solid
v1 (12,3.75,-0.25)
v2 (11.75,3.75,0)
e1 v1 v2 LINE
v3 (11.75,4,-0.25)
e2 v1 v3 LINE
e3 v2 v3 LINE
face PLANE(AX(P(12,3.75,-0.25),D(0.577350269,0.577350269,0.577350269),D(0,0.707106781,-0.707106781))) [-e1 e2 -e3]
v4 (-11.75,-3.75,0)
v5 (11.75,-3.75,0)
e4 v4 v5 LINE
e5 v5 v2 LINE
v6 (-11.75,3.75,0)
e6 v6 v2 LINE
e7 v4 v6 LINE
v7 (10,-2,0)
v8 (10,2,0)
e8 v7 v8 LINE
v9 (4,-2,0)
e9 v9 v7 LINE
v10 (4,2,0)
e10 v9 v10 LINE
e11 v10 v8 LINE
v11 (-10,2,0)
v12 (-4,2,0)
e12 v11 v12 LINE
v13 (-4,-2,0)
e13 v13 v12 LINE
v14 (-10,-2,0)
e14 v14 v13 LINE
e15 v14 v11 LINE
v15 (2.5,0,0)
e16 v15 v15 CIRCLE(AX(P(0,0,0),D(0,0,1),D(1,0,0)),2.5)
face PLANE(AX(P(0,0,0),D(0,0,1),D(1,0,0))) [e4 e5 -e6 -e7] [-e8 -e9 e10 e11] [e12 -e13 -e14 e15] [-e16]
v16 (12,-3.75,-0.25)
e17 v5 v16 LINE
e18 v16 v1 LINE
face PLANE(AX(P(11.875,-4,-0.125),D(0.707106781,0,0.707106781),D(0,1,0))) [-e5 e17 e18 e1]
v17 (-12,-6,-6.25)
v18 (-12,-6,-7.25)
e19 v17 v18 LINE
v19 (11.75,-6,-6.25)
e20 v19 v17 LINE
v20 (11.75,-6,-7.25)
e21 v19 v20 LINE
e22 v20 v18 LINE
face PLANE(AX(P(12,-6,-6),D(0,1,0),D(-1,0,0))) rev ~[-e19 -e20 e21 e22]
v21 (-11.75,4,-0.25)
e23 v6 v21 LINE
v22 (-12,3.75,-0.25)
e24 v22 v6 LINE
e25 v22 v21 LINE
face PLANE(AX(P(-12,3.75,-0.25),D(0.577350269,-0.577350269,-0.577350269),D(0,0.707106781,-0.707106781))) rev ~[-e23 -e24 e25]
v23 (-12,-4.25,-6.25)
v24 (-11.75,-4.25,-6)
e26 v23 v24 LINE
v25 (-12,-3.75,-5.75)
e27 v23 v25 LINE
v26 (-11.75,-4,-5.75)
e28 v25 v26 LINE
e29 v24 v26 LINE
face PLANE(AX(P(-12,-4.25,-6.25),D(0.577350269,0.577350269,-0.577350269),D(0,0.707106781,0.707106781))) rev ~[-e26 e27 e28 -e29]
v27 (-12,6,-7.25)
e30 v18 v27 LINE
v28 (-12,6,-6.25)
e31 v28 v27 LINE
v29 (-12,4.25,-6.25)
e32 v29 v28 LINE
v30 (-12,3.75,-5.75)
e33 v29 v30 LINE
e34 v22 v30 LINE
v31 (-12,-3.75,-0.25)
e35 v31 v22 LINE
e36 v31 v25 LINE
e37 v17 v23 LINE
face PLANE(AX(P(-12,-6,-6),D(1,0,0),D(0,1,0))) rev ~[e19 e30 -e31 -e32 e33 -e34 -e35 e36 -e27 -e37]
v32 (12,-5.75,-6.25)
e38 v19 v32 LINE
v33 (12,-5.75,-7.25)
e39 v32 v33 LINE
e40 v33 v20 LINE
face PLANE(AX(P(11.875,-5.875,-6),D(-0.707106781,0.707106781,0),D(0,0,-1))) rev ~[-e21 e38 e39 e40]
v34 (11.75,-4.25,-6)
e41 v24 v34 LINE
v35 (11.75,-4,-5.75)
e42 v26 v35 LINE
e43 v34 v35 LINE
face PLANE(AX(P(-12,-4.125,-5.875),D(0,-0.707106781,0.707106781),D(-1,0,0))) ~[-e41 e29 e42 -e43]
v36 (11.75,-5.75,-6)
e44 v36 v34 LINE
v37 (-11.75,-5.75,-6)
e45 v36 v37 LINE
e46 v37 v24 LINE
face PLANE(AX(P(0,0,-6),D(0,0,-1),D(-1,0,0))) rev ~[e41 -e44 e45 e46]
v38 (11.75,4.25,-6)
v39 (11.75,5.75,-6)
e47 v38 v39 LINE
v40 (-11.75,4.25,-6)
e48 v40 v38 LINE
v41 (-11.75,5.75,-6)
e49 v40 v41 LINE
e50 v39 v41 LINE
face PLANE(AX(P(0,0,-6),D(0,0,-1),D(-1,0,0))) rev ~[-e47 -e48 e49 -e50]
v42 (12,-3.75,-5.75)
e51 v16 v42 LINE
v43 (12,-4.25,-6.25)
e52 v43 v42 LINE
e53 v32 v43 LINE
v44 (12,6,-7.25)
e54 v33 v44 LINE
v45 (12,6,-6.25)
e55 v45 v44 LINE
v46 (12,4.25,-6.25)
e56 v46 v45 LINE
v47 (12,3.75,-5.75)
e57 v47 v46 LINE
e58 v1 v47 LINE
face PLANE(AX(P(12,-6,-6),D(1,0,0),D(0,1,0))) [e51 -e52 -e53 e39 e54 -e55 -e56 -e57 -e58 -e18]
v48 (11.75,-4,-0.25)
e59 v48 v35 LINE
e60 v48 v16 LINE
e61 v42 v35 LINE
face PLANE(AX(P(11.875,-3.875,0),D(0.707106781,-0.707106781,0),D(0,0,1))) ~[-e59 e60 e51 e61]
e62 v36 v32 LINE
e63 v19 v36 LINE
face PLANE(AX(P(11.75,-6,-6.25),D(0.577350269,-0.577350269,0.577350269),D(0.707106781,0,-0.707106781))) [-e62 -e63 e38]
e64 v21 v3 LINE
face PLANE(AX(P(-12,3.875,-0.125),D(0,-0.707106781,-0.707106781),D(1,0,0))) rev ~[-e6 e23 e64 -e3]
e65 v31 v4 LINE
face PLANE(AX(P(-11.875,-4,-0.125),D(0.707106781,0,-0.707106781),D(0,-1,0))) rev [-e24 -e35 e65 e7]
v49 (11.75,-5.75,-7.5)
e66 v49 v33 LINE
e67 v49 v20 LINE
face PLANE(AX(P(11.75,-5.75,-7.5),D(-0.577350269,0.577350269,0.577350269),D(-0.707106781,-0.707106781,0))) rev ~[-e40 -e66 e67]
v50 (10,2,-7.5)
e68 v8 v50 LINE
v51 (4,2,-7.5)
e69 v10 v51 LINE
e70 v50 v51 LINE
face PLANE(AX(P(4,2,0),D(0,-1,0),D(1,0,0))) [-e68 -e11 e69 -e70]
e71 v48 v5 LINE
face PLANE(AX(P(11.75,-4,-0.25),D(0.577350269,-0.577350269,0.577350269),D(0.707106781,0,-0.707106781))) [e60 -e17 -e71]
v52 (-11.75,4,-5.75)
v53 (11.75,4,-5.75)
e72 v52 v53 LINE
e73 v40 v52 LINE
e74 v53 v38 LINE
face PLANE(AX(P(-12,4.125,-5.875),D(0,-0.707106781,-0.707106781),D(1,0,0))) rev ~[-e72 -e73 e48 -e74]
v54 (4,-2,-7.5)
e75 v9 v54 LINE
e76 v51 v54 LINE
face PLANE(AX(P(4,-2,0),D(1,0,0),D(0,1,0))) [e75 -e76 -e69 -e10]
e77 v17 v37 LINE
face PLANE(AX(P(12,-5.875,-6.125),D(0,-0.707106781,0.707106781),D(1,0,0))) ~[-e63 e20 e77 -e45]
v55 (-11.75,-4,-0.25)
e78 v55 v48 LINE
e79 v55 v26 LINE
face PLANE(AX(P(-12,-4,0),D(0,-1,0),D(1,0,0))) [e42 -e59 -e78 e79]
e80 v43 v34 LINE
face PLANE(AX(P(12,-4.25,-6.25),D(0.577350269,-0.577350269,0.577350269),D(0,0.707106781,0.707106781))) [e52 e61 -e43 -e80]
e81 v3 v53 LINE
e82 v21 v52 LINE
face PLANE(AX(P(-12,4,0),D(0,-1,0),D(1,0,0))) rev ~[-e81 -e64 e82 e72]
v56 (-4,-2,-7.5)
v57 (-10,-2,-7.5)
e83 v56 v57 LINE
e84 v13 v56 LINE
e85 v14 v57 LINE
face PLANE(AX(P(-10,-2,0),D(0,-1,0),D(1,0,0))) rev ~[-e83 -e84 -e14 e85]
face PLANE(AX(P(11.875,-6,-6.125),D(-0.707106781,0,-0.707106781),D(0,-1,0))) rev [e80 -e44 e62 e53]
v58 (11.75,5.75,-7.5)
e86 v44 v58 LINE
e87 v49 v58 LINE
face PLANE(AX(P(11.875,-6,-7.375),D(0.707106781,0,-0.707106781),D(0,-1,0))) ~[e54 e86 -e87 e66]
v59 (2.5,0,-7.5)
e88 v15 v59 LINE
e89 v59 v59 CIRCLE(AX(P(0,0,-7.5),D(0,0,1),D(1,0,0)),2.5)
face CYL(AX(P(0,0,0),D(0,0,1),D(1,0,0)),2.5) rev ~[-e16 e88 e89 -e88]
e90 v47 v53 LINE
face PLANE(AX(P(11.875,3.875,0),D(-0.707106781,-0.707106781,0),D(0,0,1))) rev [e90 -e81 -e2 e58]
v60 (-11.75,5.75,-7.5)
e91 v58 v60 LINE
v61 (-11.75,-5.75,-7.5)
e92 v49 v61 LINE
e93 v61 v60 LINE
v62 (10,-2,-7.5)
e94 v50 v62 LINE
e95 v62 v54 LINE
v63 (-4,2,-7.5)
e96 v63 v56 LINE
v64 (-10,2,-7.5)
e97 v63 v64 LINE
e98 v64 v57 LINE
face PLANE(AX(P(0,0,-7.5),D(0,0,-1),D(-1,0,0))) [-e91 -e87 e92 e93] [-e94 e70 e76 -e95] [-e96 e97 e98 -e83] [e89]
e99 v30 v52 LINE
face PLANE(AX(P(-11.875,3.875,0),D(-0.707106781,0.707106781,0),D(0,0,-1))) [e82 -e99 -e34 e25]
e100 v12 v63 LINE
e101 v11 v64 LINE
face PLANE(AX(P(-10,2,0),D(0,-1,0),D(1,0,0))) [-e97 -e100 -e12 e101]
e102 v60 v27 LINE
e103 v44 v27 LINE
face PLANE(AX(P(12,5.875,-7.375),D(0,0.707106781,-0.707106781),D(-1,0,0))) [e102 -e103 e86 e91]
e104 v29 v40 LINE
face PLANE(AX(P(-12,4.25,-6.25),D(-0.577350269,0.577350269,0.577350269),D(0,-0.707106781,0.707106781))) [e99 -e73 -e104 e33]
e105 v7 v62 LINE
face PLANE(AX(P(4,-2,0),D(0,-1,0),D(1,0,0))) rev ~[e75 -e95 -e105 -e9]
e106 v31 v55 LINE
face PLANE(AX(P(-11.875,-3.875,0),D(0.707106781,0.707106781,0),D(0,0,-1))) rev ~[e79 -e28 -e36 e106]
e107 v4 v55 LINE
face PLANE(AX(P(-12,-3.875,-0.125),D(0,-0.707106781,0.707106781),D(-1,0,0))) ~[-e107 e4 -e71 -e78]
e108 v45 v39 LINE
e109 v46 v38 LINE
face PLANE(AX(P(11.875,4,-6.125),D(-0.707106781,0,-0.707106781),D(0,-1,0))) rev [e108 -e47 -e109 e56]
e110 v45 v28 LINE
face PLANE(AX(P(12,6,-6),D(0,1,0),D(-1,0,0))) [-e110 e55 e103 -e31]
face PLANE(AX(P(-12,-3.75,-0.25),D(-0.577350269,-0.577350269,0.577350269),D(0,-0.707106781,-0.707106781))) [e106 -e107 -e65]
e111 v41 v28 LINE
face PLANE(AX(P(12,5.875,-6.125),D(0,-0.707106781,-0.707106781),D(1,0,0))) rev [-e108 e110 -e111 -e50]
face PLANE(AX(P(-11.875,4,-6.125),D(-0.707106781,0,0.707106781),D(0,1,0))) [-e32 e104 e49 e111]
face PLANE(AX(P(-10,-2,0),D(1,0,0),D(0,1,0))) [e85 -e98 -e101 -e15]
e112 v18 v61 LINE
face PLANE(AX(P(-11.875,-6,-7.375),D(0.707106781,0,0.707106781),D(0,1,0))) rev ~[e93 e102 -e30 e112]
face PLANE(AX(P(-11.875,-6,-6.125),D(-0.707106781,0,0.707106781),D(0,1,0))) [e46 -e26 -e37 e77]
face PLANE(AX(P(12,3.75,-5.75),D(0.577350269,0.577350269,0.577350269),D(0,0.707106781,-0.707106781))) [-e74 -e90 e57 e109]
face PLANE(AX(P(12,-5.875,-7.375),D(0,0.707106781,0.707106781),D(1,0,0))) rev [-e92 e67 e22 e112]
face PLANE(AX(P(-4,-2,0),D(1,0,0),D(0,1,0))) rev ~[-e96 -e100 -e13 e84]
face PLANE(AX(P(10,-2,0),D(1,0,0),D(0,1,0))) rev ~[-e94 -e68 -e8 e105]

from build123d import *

# Parameters (mm, degrees)
SKETCH1_W           = 24
SKETCH1_H           = 8
BOSS_EXTRUDE1_DEPTH = 6
SKETCH2_W           = 24
SKETCH2_H           = 12
BOSS_EXTRUDE2_DEPTH = 1.5
SKETCH3_R           = 2.5
SKETCH3_W           = 6
SKETCH3_H           = 4
CUT_EXTRUDE1_DEPTH  = 16.370426149
CHAMFER1_SIZE       = 0.25


with BuildPart() as part:
    # Sketch1 → Boss-Extrude1 (new body)
    with BuildSketch(Plane.XY):
        Rectangle(SKETCH1_W, SKETCH1_H)
    extrude(amount=-BOSS_EXTRUDE1_DEPTH)

    # Sketch2 → Boss-Extrude2 (add)
    with BuildSketch(Plane(origin=(0, 0, -6), x_dir=(-1, 0, 0), z_dir=(0, 0, -1))):
        Rectangle(SKETCH2_W, SKETCH2_H)
    extrude(amount=BOSS_EXTRUDE2_DEPTH)

    # Sketch3 → Cut-Extrude1 (cut, through all)
    with BuildSketch(Plane.XY):
        Circle(SKETCH3_R)
        with Locations((-7, 0)):
            Rectangle(SKETCH3_W, SKETCH3_H)
        with Locations((7, 0)):
            Rectangle(SKETCH3_W, SKETCH3_H)
    extrude(amount=-CUT_EXTRUDE1_DEPTH, mode=Mode.SUBTRACT)

    # Chamfer1
    chamfer1_edges = [part.edges().sort_by_distance(p)[0] for p in [
        (12, 5, -6),
        (12, -5, -6),
        (0, -6, -6),
        (12, -6, -6.75),
        (-12, -5, -6),
        (0, 4, -6),
        (-12, 5, -6),
        (0, 6, -6),
        (12, 0, -7.5),
        (0, -6, -7.5),
        (-12, 0, -7.5),
        (0, 6, -7.5),
        (0, 4, 0),
        (12, 0, 0),
        (0, -4, 0),
        (-12, 0, 0),
        (-12, 4, -3),
        (12, 4, -3),
        (12, -4, -3),
        (-12, -4, -3),
        (0, -4, -6),
    ]]
    chamfer(chamfer1_edges, length=CHAMFER1_SIZE)


solid = part.part
